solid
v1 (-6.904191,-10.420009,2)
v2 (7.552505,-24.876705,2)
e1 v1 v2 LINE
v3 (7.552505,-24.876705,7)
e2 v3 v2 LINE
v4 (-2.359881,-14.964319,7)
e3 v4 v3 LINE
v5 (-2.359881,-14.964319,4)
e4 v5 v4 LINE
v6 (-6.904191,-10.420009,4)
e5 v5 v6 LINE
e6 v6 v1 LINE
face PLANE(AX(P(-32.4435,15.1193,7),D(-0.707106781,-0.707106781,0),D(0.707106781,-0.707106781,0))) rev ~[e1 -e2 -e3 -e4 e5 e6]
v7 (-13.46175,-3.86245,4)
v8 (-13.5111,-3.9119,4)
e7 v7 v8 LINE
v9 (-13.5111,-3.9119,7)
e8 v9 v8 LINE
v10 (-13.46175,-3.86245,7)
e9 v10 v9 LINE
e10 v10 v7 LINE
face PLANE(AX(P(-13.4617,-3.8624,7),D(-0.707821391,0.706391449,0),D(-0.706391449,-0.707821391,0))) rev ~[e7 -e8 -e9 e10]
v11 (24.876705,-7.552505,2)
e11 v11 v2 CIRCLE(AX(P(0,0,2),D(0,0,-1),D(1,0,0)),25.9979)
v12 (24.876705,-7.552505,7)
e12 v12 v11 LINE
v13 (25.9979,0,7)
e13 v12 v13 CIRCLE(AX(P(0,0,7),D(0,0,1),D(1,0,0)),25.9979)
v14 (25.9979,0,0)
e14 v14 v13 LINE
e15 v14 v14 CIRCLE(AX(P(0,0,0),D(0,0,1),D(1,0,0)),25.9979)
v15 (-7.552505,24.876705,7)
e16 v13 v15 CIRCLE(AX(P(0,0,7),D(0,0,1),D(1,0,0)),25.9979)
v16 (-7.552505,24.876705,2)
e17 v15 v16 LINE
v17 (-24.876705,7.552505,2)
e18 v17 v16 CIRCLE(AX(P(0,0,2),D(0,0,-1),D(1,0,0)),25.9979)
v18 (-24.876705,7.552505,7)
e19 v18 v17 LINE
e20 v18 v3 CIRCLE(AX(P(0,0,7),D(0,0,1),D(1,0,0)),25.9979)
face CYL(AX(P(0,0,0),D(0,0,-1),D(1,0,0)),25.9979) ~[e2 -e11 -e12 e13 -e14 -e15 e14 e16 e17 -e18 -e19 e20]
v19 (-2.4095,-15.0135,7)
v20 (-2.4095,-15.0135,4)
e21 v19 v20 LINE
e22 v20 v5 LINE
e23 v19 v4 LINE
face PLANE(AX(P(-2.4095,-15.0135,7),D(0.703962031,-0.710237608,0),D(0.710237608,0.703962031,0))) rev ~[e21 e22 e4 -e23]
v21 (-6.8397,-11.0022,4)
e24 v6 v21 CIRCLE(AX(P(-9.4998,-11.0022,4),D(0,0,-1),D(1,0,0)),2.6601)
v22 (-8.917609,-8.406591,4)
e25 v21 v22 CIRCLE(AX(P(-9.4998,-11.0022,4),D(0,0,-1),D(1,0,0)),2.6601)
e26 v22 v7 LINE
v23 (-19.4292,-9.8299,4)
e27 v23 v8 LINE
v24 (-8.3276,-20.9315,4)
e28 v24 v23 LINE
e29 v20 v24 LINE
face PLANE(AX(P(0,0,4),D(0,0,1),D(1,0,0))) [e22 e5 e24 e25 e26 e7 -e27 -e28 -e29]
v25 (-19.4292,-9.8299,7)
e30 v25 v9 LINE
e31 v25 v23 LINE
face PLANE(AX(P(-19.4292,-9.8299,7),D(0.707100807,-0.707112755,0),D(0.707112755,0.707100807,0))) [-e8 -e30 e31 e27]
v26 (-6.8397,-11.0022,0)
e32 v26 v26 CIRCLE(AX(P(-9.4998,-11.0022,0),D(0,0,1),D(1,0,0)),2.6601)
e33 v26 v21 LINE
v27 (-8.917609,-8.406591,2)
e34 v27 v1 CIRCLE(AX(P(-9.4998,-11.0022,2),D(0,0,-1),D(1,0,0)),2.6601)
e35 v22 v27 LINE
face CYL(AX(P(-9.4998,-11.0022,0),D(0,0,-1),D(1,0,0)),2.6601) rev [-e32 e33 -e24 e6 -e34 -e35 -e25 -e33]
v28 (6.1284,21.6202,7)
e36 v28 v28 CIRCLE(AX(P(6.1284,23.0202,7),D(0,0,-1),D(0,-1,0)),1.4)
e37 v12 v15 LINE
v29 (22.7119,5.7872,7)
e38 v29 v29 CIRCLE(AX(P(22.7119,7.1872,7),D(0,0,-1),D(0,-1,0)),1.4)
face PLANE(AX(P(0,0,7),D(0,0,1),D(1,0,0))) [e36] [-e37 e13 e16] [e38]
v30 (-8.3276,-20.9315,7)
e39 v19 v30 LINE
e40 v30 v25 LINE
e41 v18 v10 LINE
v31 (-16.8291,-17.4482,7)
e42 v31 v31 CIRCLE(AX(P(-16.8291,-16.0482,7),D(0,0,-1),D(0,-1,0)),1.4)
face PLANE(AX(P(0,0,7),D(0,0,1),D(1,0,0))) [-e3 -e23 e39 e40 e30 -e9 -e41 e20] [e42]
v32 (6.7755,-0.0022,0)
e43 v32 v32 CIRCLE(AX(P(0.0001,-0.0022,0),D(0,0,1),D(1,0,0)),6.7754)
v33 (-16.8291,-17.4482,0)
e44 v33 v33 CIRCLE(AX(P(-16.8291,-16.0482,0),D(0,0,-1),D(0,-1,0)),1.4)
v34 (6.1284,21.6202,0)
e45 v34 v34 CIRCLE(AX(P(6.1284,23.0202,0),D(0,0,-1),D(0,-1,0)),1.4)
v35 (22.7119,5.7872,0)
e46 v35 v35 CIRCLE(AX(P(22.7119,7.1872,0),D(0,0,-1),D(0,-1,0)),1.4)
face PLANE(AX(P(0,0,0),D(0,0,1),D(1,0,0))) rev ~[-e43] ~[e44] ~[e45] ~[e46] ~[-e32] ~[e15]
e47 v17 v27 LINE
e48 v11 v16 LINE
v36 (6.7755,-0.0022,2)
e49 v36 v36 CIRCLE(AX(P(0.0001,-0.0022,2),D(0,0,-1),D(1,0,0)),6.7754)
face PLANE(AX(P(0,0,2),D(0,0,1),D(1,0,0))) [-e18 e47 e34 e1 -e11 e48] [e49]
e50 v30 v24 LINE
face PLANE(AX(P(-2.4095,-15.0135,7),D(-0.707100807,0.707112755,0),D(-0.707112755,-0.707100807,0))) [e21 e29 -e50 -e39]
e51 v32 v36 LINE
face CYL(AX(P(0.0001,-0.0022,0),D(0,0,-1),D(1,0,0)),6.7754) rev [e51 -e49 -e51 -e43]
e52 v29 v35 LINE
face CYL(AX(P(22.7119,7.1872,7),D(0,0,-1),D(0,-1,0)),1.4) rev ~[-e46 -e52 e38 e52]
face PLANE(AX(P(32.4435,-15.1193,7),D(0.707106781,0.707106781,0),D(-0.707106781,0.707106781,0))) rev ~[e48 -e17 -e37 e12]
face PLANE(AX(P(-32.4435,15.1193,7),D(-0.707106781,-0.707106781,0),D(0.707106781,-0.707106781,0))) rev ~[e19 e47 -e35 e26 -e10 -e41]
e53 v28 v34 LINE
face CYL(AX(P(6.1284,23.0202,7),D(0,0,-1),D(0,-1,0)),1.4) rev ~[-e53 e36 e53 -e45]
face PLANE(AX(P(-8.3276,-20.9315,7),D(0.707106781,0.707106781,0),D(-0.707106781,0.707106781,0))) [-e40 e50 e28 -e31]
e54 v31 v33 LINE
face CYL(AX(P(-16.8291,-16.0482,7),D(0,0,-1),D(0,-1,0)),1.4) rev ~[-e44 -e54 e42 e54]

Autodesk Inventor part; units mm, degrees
ref_plane "YZ Plane" through (0, 0, 0) normal (1, 0, 0) x (0, 1, 0)
ref_plane "XZ Plane" through (0, 0, 0) normal (0, 1, 0) x (-1, 0, 0)
ref_plane "XY Plane" through (0, 0, 0) normal (0, 0, 1) x (1, 0, 0)
ref_plane "Work Plane1" through (0, 0, 0) normal (0, 0, 1) x (1, 0, 0)
sketch "Sketch1" plane through (0, 0, 0) normal (0, 0, 1) x (1, 0, 0)
  circle A0 centre (0, 0) radius 25.9979 projected
  circle A1 centre (-9.4998, -11.0022) radius 2.6601 projected
  circle A2 centre (0.0001, -0.0022) radius 3.8801 projected
  circle A3 centre (0.0001, -0.0022) radius 6.7754 projected
  point P0 (0, 0)
extrude "Extrusion1" add sketch "Sketch1" along normal blind 7 contours A0
sketch "Sketch2" plane through (0, 0, 7) normal (0, 0, 1) x (1, 0, 0)
  line L0 (32.4435, -15.1193) -> (-15.1193, 32.4435)
  line L1 (-15.1193, 32.4435) -> (-32.4435, 15.1193)
  line L2 (-32.4435, 15.1193) -> (15.1193, -32.4435)
  line L3 (15.1193, -32.4435) -> (32.4435, -15.1193)
  line L4 (32.4435, -15.1193) -> (-32.4435, 15.1193) construction
  line L5 (-15.1193, 32.4435) -> (15.1193, -32.4435) construction
  line L6 (32.4435, -15.1193) -> (99.7074, -15.1193) construction
  point P0 (0, 0)
  dimension "d2" = 135
  dimension "d3" = 24.5
extrude "Extrusion2" cut sketch "Sketch2" against normal blind 5
sketch "Sketch3" plane through (0, 0, 7) normal (0, 0, 1) x (1, 0, 0)
  line L0 (-8.3276, -20.7901) -> (-2.5509, -15.0135) projected
  line L1 (-2.5509, -15.0135) -> (-13.5111, -4.0533) projected
  line L2 (-19.2877, -9.8299) -> (-13.5111, -4.0533) projected
  line L3 (-8.3276, -20.7901) -> (-19.2877, -9.8299) projected
  line L4 (-13.5111, -3.9119) -> (-2.4095, -15.0135)
  line L5 (-2.4095, -15.0135) -> (-8.3276, -20.9315)
  line L6 (-8.3276, -20.9315) -> (-19.4292, -9.8299)
  line L7 (-19.4292, -9.8299) -> (-13.5111, -3.9119)
  line L8 (-8.9176, -8.4066) -> (-24.8767, 7.5526) projected
  line L9 (-13.4617, -3.8624) -> (-2.4095, -15.0135)
  line L10 (-2.4095, -15.0135) -> (-0.3384, -12.9607)
  line L11 (-0.3384, -12.9607) -> (-11.3905, -1.8096)
  line L12 (-11.3905, -1.8096) -> (-13.4617, -3.8624)
  line L13 (-13.4617, -3.8624) -> (-13.5111, -3.9119)
  line L14 (-8.9176, -8.4066) -> (-24.8767, 7.5526) projected
  point P0 (0, 0)
  dimension "d6" = 0.1
extrude "Extrusion3" cut sketch "Sketch3" against normal blind 3 contours L3 L2 L1 L0 | L13 L9 L4 | L4 L5 L6 L7 | L9 L12 L11 L10
sketch "Skizze4" plane through (0, 0, 7) normal (0, 0, 1) x (1, 0, 0)
  spline S0 degree 2 poles (24.1427, 2.2394) (24.731, 1.8489) (25.3785, 0.5587) (25.3785, -0.3311) knots 0 0 0 1 2 2 2 construction
  spline S1 degree 2 poles (25.3785, -0.3311) (25.3785, -1.1665) (24.7013, -2.5111) (24.1328, -2.8867) knots 0 0 0 1 2 2 2 construction
  spline S2 degree 2 poles (24.1328, -2.8867) (23.6682, -3.1784) (22.7141, -3.3761) (21.9726, -3.3761) knots 0 0 0 1 2 2 2 construction
  line L0 (21.9726, -3.3761) -> (20.5687, -3.3761) construction
  line L1 (20.5687, -3.3761) -> (20.5687, 2.7239) construction
  line L2 (20.5687, 2.7239) -> (21.9578, 2.7239) construction
  spline S3 degree 2 poles (21.9578, 2.7239) (22.8179, 2.7239) (23.7967, 2.4668) (24.1427, 2.2394) knots 0 0 0 1 2 2 2 construction
  spline S4 degree 2 poles (19.1896, -2.9312) (18.8979, -3.1982) (18.1564, -3.4849) (17.5978, -3.4849) knots 0 0 0 1 2 2 2 construction
  spline S5 degree 2 poles (17.5978, -3.4849) (16.9354, -3.4849) (16.0061, -3.2081) (15.5958, -3.0103) knots 0 0 0 1 2 2 2 construction
  line L3 (15.5958, -3.0103) -> (15.5958, -1.992) construction
  line L4 (15.5958, -1.992) -> (15.6551, -1.992) construction
  spline S6 degree 2 poles (15.6551, -1.992) (16.0555, -2.3677) (17.0689, -2.7829) (17.5385, -2.7829) knots 0 0 0 1 2 2 2 construction
  spline S7 degree 2 poles (17.5385, -2.7829) (18.2108, -2.7829) (18.8979, -2.2243) (18.8979, -1.7646) knots 0 0 0 1 2 2 2 construction
  spline S8 degree 2 poles (18.8979, -1.7646) (18.8979, -1.3988) (18.5371, -0.944) (18.1465, -0.8303) knots 0 0 0 1 2 2 2 construction
  spline S9 degree 2 poles (18.1465, -0.8303) (17.8648, -0.7513) (17.3952, -0.6425) (17.0442, -0.5535) knots 0 0 0 1 2 2 2 construction
  spline S10 degree 2 poles (17.0442, -0.5535) (16.7278, -0.4695) (16.2285, -0.2174) (16.0358, -0.0147) knots 0 0 0 1 2 2 2 construction
  spline S11 degree 2 poles (16.0358, -0.0147) (15.8479, 0.188) (15.6403, 0.7317) (15.6403, 1.0876) knots 0 0 0 1 2 2 2 construction
  spline S12 degree 2 poles (15.6403, 1.0876) (15.6403, 1.8291) (16.797, 2.8326) (17.6918, 2.8326) knots 0 0 0 1 2 2 2 construction
  spline S13 degree 2 poles (17.6918, 2.8326) (18.2059, 2.8326) (19.1154, 2.6299) (19.5059, 2.4372) knots 0 0 0 1 2 2 2 construction
  line L5 (19.5059, 2.4372) -> (19.5059, 1.4683) construction
  line L6 (19.5059, 1.4683) -> (19.4466, 1.4683) construction
  spline S14 degree 2 poles (19.4466, 1.4683) (19.155, 1.7352) (18.2454, 2.1307) (17.7461, 2.1307) knots 0 0 0 1 2 2 2 construction
  spline S15 degree 2 poles (17.7461, 2.1307) (17.1826, 2.1307) (16.4856, 1.6017) (16.4856, 1.1717) knots 0 0 0 1 2 2 2 construction
  spline S16 degree 2 poles (16.4856, 1.1717) (16.4856, 0.7861) (16.8959, 0.3264) (17.2815, 0.2226) knots 0 0 0 1 2 2 2 construction
  spline S17 degree 2 poles (17.2815, 0.2226) (17.5385, 0.1534) (18.285, -0.0246) (18.5321, -0.0987) knots 0 0 0 1 2 2 2 construction
  spline S18 degree 2 poles (18.5321, -0.0987) (19.1599, -0.2915) (19.7432, -1.0676) (19.7432, -1.6361) knots 0 0 0 1 2 2 2 construction
  spline S19 degree 2 poles (19.7432, -1.6361) (19.7432, -1.997) (19.4516, -2.689) (19.1896, -2.9312) knots 0 0 0 1 2 2 2 construction
  circle A0 centre (-9.9998, 17.4978) radius 1.3999 construction
  circle A1 centre (10.0001, 17.4979) radius 1.4 construction
  circle A2 centre (10.0001, -17.5021) radius 1.4 construction
  circle A3 centre (-9.9998, -17.5021) radius 1.4001 construction
  arc A4 (-25.1198, 6.6998) -> (-24.1417, 5.4917) centre (-24.1417, 6.4917) ccw construction
  line L7 (-24.1417, 5.4917) -> (-17.7002, 5.4917) construction
  arc A5 (-15.7002, 3.4917) -> (-17.7002, 5.4917) centre (-17.7002, 3.4917) ccw construction
  line L8 (-15.7002, 3.4917) -> (-15.7002, -4.496) construction
  arc A6 (-17.7002, -6.496) -> (-15.7002, -4.496) centre (-17.7002, -4.496) ccw construction
  line L9 (-17.7002, -6.496) -> (-23.8502, -6.496) construction
  arc A7 (-23.8502, -6.496) -> (-24.8235, -7.7254) centre (-23.8502, -7.496) ccw construction
  arc A8 (-24.8235, -7.7254) -> (-25.1198, 6.6998) centre (0, 0) ccw construction
  circle A9 centre (-9.4998, -11.0022) radius 2.6601 construction
  circle A10 centre (-16.8291, -16.0482) radius 1.4 construction
  circle A11 centre (6.1284, 23.0202) radius 1.4 construction
  circle A12 centre (22.7119, 7.1872) radius 1.4 construction
  circle A13 centre (0.0001, -0.0022) radius 6.5 construction
  point P0 (0, 0)
hole "Bohrung1" at (6.1284, 23.0202, 7) at (22.7119, 7.1872, 7) at (-16.8291, -16.0482, 7) direction (0, 0, -1) diameter 2.8 end through all
properties part number "Matchboxscope_sample_v1"
